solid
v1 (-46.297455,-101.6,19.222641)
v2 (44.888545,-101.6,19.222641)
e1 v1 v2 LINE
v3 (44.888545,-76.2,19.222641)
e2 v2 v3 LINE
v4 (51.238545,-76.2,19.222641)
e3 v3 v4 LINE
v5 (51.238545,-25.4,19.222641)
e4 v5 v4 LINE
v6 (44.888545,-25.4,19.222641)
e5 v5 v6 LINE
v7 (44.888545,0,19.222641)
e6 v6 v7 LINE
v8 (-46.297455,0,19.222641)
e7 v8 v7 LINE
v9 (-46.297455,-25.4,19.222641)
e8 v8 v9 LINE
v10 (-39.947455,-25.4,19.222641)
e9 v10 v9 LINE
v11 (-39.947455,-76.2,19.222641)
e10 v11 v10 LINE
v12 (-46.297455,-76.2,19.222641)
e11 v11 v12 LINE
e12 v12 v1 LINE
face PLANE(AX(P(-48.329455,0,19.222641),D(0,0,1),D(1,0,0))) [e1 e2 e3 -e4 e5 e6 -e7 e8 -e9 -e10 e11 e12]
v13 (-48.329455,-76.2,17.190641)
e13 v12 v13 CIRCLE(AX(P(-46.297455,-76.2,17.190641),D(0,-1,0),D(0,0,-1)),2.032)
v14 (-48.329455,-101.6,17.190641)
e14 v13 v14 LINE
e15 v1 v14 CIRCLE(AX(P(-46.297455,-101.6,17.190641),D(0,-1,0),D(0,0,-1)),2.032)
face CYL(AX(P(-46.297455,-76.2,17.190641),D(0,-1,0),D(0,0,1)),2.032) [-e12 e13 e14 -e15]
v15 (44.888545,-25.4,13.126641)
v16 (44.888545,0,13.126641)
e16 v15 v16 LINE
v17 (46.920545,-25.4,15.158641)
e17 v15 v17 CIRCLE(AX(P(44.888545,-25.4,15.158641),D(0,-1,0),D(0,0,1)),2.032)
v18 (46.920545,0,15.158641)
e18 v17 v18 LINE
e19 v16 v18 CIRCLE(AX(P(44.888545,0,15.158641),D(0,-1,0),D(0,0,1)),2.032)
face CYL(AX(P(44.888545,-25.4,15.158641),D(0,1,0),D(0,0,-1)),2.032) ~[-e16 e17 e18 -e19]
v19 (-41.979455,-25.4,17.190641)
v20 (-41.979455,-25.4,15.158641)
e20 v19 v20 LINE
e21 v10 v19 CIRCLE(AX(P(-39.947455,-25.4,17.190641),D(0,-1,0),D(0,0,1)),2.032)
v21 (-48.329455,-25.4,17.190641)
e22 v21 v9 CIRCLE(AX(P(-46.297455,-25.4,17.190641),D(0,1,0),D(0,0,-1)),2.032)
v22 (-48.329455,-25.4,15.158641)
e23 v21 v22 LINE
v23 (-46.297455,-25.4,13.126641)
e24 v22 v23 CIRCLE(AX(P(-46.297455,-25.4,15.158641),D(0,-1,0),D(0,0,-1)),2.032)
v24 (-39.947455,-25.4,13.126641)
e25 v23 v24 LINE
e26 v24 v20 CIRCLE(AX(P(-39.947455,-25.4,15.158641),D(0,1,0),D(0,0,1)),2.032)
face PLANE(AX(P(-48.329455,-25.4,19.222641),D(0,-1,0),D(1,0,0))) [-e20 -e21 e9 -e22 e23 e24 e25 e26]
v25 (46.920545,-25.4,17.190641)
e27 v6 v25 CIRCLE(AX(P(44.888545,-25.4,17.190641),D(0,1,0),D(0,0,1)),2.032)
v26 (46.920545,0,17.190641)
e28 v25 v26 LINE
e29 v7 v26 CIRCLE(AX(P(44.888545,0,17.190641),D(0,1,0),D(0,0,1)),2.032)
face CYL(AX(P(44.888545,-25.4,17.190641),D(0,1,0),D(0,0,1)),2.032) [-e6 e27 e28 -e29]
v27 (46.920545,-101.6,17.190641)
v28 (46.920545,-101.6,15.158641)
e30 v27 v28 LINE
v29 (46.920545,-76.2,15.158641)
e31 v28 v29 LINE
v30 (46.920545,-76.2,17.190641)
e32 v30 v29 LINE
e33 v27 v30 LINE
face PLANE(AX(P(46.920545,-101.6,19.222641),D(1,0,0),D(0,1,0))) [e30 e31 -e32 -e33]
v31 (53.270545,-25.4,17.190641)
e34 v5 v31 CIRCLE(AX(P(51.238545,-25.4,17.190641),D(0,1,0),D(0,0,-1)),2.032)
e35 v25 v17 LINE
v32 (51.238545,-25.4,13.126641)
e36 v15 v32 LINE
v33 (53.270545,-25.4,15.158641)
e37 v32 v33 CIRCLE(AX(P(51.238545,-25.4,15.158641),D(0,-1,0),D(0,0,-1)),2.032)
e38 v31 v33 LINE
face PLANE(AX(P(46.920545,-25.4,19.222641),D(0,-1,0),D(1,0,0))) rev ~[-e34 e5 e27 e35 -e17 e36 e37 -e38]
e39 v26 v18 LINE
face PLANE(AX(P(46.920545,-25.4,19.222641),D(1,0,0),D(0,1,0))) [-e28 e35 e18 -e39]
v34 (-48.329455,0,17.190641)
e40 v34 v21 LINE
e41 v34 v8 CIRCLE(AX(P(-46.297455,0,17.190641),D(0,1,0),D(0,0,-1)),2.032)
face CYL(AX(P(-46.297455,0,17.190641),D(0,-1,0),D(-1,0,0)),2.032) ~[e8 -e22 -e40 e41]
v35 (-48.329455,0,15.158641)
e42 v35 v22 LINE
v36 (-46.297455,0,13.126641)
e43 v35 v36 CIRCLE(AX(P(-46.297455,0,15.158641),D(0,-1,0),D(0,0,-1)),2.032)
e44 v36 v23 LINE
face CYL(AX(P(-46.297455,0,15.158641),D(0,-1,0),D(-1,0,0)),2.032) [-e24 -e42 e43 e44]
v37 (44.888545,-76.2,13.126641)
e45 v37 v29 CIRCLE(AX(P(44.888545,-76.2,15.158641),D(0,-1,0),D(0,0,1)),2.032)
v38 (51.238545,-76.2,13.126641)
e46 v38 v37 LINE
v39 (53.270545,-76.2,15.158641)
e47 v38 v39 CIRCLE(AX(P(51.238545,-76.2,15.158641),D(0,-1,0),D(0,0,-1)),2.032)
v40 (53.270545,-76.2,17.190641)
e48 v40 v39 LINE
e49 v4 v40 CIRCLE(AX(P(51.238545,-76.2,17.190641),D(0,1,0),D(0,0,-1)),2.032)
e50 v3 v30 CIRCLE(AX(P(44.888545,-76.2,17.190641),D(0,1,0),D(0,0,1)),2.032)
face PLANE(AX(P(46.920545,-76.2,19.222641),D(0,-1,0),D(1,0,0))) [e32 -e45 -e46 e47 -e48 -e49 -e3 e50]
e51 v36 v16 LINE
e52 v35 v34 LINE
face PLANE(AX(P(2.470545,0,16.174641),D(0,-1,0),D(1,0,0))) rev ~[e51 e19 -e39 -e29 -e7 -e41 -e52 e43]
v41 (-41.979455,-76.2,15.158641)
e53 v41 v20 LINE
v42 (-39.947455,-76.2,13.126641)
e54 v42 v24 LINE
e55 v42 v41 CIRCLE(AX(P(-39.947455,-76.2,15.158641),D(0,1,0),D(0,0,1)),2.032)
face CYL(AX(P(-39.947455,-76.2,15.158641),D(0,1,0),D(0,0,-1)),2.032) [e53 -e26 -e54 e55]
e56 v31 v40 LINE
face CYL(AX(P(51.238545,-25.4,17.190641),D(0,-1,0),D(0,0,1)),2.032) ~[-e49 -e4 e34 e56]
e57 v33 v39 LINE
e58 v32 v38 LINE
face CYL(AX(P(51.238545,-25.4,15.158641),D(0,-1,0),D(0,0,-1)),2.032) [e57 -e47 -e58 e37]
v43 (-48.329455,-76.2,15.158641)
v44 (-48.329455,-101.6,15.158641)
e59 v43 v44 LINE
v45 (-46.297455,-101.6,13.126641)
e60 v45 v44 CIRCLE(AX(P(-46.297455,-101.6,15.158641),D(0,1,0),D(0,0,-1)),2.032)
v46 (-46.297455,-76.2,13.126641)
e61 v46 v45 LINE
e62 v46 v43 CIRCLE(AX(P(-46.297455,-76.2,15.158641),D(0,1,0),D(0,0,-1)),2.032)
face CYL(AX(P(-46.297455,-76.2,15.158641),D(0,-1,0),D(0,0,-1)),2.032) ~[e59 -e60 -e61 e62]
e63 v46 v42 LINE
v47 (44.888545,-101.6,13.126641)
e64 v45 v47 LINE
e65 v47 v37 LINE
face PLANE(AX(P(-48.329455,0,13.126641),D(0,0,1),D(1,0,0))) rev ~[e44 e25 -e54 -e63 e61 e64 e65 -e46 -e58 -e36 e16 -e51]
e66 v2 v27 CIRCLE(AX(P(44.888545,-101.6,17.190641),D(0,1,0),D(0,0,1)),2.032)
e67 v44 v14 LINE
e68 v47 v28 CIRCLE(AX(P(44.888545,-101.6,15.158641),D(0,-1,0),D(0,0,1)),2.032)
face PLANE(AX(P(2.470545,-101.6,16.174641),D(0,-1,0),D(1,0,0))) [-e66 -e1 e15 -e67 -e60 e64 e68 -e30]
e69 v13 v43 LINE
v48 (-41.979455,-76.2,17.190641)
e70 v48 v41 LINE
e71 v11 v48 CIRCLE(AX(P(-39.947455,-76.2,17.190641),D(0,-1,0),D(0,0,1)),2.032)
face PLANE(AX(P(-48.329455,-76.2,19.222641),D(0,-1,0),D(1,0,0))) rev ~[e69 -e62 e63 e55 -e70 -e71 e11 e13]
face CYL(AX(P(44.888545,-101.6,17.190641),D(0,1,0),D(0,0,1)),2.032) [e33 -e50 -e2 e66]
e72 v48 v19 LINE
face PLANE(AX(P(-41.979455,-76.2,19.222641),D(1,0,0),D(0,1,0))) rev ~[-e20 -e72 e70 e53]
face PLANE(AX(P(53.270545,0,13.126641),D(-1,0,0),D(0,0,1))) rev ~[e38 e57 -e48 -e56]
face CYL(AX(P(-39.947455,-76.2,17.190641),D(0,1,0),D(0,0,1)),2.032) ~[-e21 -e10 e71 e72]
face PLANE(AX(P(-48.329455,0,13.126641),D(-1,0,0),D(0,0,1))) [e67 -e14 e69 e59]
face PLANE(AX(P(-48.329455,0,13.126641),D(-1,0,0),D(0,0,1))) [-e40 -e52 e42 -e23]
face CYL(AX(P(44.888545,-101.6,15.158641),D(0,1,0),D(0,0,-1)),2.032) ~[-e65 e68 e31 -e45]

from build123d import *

# Parameters (mm, degrees)
F0_W     = 101.6
F0_H     = 6.096
F1_DEPTH = 101.6
F2_W     = 6.35
F2_H     = 50.8
F2_H_2   = 25.4
F3_DEPTH = 25.4
F4_R     = 2.032


with BuildPart() as f1:
    # F0 (on Front) → F1 (new body)
    with BuildSketch(Plane.XZ):
        with Locations((2.470545, 16.174641)):
            Rectangle(F0_W, F0_H)
    extrude(amount=F1_DEPTH)

    # F2 (on face) → F3 (cut)
    with BuildSketch(Plane.XY.offset(19.222641)):
        with Locations((-45.154455, -50.8)):
            Rectangle(F2_W, F2_H)
        with Locations((50.095545, -12.7)):
            Rectangle(F2_W, F2_H_2)
        with Locations((50.095545, -88.9)):
            Rectangle(F2_W, F2_H_2)
    extrude(amount=-F3_DEPTH, mode=Mode.SUBTRACT)

    # F4
    f4_edges = [f1.edges().sort_by_distance(p)[0] for p in [
        (53.270545, -50.8, 19.222641),
        (46.920545, -88.9, 19.222641),
        (46.920545, -12.7, 19.222641),
        (53.270545, -50.8, 13.126641),
        (46.920545, -12.7, 13.126641),
        (46.920545, -88.9, 13.126641),
        (-41.979455, -50.8, 19.222641),
        (-48.329455, -12.7, 19.222641),
        (-48.329455, -88.9, 19.222641),
        (-41.979455, -50.8, 13.126641),
        (-48.329455, -12.7, 13.126641),
        (-48.329455, -88.9, 13.126641),
    ]]
    fillet(f4_edges, radius=F4_R)


solid = f1.part
